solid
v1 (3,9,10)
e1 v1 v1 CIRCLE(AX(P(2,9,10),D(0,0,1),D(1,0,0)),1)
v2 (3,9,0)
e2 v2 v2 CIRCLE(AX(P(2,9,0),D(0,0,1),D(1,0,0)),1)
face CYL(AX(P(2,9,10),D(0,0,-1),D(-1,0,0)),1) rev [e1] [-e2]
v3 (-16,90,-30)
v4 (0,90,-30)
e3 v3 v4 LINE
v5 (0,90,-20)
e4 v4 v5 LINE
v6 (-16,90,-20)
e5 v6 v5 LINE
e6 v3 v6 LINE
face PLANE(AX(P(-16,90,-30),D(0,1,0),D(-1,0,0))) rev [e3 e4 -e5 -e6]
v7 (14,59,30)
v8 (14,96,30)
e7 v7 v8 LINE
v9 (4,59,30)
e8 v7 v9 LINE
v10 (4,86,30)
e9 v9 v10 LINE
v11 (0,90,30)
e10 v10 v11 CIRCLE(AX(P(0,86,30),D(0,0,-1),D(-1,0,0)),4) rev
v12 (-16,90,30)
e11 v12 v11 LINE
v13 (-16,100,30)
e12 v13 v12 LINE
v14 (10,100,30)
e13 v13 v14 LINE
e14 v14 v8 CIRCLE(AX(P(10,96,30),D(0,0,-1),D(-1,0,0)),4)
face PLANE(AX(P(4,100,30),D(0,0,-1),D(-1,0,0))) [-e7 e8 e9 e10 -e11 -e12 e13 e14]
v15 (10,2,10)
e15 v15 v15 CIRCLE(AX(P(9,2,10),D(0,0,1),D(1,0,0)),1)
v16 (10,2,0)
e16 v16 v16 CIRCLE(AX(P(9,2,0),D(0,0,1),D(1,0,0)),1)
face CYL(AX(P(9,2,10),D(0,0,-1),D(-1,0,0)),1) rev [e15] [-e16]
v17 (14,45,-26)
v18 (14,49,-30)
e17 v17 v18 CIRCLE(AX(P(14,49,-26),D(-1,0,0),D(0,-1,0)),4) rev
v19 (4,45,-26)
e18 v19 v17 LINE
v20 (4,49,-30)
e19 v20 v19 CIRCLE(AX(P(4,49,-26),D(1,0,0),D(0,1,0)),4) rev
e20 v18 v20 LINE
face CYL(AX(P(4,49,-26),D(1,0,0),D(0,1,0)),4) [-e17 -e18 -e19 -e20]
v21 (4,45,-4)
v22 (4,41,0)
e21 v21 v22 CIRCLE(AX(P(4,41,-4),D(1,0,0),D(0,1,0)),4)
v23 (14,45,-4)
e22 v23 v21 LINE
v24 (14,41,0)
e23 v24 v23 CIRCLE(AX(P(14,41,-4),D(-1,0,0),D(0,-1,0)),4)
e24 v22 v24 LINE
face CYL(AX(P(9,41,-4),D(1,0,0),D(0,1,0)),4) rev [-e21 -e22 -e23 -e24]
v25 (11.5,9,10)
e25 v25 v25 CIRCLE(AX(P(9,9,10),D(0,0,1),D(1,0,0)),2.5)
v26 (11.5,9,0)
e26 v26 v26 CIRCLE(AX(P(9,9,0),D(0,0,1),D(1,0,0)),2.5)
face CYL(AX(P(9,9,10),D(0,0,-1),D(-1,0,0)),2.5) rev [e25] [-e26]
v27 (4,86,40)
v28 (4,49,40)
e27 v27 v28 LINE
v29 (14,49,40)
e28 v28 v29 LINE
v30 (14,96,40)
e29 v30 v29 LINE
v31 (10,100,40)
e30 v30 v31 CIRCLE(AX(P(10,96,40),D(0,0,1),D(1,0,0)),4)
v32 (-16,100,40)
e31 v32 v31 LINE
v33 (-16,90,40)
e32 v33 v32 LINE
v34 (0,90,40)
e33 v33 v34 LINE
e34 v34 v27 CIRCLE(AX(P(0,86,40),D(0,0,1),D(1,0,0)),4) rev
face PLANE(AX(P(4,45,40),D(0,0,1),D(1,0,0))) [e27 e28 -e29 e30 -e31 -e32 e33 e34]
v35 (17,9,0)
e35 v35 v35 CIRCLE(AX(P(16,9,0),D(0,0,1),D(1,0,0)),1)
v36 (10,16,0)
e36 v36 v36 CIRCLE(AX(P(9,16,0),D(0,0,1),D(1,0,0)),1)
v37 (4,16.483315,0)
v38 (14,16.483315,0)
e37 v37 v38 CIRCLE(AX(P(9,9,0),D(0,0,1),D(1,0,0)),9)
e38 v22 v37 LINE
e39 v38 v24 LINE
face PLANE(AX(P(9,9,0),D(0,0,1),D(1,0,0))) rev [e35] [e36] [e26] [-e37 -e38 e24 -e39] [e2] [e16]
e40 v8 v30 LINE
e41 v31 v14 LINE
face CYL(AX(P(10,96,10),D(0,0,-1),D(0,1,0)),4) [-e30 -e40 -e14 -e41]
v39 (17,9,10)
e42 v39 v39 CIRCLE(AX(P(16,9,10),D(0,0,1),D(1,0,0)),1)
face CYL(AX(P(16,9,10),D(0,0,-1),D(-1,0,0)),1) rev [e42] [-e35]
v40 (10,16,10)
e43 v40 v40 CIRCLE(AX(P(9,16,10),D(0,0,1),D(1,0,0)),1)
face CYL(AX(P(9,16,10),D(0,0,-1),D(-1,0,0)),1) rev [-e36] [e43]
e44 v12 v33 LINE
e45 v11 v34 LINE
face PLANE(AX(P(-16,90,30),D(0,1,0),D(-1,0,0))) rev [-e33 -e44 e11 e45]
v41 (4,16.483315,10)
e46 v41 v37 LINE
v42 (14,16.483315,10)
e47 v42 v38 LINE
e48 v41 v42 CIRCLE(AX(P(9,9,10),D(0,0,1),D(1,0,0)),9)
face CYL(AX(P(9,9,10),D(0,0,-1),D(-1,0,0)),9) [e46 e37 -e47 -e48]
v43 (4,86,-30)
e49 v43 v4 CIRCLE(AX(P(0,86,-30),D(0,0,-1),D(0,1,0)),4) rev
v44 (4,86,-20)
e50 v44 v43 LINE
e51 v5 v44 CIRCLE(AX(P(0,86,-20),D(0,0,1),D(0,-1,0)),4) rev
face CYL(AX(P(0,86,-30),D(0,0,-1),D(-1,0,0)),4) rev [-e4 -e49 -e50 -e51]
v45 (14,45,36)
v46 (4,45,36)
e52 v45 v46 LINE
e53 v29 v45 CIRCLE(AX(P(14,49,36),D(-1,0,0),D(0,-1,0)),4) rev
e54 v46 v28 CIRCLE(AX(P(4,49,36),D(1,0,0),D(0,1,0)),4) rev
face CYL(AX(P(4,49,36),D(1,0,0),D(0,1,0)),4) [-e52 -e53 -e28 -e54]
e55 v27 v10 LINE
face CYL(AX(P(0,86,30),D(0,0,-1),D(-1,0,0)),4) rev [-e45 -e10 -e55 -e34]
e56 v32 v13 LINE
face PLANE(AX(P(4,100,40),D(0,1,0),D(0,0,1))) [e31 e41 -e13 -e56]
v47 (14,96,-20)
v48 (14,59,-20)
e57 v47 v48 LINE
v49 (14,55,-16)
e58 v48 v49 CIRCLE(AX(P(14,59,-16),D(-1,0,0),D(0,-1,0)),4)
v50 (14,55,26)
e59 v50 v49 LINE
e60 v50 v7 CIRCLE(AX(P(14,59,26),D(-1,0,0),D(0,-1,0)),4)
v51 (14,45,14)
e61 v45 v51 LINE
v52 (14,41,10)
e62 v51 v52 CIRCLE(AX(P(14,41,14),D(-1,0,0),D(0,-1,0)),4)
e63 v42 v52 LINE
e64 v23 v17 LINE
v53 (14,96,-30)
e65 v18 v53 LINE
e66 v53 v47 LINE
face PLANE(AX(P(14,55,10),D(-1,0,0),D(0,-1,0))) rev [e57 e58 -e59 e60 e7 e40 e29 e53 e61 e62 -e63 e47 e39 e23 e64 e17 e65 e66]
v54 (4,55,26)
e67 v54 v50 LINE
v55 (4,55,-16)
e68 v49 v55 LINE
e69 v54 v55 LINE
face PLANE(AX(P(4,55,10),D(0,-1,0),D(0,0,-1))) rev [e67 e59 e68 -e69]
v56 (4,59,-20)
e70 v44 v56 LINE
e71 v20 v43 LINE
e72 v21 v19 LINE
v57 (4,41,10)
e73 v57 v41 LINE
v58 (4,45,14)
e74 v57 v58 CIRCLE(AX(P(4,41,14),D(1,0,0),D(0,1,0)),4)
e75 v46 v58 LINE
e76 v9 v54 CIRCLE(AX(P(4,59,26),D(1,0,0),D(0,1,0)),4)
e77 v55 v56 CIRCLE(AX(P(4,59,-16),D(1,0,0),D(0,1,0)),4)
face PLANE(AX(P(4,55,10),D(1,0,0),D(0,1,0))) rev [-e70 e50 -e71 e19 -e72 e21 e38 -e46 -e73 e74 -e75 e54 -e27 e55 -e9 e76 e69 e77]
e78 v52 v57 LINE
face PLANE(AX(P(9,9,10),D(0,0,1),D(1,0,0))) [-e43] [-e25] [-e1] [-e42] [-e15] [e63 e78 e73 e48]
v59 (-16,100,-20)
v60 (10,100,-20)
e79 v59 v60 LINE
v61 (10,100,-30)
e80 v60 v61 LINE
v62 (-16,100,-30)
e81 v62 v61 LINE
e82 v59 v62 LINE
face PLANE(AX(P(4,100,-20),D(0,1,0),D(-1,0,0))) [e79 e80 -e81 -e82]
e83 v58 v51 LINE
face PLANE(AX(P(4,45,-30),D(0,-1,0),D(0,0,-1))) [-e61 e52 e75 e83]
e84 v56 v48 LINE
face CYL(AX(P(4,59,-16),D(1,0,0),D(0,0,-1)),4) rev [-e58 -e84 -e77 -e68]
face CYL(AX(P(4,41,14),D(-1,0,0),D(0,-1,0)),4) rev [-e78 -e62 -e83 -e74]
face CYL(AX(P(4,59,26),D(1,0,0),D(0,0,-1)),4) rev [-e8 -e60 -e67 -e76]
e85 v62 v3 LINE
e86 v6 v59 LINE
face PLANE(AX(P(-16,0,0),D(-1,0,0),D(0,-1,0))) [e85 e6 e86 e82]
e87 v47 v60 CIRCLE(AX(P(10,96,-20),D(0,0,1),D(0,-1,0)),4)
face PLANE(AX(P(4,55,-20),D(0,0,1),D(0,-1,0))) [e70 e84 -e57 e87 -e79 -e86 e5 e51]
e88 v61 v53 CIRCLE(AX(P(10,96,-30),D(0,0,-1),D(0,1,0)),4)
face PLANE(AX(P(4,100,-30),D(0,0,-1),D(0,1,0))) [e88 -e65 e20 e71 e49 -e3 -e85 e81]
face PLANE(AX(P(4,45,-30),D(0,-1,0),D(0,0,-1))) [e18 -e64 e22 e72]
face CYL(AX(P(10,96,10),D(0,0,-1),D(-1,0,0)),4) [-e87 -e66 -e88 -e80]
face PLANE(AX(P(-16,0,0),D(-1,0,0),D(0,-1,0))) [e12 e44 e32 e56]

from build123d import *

# Parameters (mm, degrees)
ESQUISSE1_R        = 2.5
ESQUISSE1_R_2      = 1
BOSS_EXTRU_1_DEPTH = 10
BOSS_EXTRU_2_DEPTH = 10
ESQUISSE5_W        = 10
ESQUISSE5_H        = 10
BOSS_EXTRU_3_DEPTH = 20
CONG_1_R           = 4


with BuildPart() as part:
    # Esquisse1 → Boss.-Extru.1 (new body)
    with BuildSketch(Plane.XY):
        with BuildLine():
            Line((4, 55), (14, 55))
            Line((14, 55), (14, 16.483314774))
            ThreePointArc((14, 16.483314774), (9, 0), (4, 16.483314774))
            Line((4, 16.483314774), (4, 55))
        make_face()
        with Locations((9, 9)):
            Circle(ESQUISSE1_R, mode=Mode.SUBTRACT)
        with Locations((9, 16)):
            Circle(ESQUISSE1_R_2, mode=Mode.SUBTRACT)
        with Locations((16, 9)):
            Circle(ESQUISSE1_R_2, mode=Mode.SUBTRACT)
        with Locations((9, 2)):
            Circle(ESQUISSE1_R_2, mode=Mode.SUBTRACT)
        with Locations((2, 9)):
            Circle(ESQUISSE1_R_2, mode=Mode.SUBTRACT)
    extrude(amount=BOSS_EXTRU_1_DEPTH)

    # Esquisse4 → Boss.-Extru.2 (add)
    with BuildSketch(Plane(origin=(14, 0, 0), x_dir=(0, 0, -1), z_dir=(1, 0, 0))):
        Polygon((-30, 55), (20, 55), (20, 100), (30, 100), (30, 45), (-40, 45), (-40, 100), (-30, 100), align=None)
    extrude(amount=-BOSS_EXTRU_2_DEPTH)

    # Esquisse5 → Boss.-Extru.3 (add)
    with BuildSketch(Plane.ZY.offset(-4)):
        with Locations((-25, 95)):
            Rectangle(ESQUISSE5_W, ESQUISSE5_H)
        with Locations((35, 95)):
            Rectangle(ESQUISSE5_W, ESQUISSE5_H)
    extrude(amount=BOSS_EXTRU_3_DEPTH)

    # Congé1
    cong_1_edges = [part.edges().sort_by_distance(p)[0] for p in [
        (9, 45, 0),
        (9, 45, -30),
        (14, 100, -25),
        (9, 55, -20),
        (9, 45, 10),
        (9, 45, 40),
        (9, 55, 30),
        (14, 100, 35),
        (4, 90, -25),
        (4, 90, 35),
    ]]
    fillet(cong_1_edges, radius=CONG_1_R)


solid = part.part
